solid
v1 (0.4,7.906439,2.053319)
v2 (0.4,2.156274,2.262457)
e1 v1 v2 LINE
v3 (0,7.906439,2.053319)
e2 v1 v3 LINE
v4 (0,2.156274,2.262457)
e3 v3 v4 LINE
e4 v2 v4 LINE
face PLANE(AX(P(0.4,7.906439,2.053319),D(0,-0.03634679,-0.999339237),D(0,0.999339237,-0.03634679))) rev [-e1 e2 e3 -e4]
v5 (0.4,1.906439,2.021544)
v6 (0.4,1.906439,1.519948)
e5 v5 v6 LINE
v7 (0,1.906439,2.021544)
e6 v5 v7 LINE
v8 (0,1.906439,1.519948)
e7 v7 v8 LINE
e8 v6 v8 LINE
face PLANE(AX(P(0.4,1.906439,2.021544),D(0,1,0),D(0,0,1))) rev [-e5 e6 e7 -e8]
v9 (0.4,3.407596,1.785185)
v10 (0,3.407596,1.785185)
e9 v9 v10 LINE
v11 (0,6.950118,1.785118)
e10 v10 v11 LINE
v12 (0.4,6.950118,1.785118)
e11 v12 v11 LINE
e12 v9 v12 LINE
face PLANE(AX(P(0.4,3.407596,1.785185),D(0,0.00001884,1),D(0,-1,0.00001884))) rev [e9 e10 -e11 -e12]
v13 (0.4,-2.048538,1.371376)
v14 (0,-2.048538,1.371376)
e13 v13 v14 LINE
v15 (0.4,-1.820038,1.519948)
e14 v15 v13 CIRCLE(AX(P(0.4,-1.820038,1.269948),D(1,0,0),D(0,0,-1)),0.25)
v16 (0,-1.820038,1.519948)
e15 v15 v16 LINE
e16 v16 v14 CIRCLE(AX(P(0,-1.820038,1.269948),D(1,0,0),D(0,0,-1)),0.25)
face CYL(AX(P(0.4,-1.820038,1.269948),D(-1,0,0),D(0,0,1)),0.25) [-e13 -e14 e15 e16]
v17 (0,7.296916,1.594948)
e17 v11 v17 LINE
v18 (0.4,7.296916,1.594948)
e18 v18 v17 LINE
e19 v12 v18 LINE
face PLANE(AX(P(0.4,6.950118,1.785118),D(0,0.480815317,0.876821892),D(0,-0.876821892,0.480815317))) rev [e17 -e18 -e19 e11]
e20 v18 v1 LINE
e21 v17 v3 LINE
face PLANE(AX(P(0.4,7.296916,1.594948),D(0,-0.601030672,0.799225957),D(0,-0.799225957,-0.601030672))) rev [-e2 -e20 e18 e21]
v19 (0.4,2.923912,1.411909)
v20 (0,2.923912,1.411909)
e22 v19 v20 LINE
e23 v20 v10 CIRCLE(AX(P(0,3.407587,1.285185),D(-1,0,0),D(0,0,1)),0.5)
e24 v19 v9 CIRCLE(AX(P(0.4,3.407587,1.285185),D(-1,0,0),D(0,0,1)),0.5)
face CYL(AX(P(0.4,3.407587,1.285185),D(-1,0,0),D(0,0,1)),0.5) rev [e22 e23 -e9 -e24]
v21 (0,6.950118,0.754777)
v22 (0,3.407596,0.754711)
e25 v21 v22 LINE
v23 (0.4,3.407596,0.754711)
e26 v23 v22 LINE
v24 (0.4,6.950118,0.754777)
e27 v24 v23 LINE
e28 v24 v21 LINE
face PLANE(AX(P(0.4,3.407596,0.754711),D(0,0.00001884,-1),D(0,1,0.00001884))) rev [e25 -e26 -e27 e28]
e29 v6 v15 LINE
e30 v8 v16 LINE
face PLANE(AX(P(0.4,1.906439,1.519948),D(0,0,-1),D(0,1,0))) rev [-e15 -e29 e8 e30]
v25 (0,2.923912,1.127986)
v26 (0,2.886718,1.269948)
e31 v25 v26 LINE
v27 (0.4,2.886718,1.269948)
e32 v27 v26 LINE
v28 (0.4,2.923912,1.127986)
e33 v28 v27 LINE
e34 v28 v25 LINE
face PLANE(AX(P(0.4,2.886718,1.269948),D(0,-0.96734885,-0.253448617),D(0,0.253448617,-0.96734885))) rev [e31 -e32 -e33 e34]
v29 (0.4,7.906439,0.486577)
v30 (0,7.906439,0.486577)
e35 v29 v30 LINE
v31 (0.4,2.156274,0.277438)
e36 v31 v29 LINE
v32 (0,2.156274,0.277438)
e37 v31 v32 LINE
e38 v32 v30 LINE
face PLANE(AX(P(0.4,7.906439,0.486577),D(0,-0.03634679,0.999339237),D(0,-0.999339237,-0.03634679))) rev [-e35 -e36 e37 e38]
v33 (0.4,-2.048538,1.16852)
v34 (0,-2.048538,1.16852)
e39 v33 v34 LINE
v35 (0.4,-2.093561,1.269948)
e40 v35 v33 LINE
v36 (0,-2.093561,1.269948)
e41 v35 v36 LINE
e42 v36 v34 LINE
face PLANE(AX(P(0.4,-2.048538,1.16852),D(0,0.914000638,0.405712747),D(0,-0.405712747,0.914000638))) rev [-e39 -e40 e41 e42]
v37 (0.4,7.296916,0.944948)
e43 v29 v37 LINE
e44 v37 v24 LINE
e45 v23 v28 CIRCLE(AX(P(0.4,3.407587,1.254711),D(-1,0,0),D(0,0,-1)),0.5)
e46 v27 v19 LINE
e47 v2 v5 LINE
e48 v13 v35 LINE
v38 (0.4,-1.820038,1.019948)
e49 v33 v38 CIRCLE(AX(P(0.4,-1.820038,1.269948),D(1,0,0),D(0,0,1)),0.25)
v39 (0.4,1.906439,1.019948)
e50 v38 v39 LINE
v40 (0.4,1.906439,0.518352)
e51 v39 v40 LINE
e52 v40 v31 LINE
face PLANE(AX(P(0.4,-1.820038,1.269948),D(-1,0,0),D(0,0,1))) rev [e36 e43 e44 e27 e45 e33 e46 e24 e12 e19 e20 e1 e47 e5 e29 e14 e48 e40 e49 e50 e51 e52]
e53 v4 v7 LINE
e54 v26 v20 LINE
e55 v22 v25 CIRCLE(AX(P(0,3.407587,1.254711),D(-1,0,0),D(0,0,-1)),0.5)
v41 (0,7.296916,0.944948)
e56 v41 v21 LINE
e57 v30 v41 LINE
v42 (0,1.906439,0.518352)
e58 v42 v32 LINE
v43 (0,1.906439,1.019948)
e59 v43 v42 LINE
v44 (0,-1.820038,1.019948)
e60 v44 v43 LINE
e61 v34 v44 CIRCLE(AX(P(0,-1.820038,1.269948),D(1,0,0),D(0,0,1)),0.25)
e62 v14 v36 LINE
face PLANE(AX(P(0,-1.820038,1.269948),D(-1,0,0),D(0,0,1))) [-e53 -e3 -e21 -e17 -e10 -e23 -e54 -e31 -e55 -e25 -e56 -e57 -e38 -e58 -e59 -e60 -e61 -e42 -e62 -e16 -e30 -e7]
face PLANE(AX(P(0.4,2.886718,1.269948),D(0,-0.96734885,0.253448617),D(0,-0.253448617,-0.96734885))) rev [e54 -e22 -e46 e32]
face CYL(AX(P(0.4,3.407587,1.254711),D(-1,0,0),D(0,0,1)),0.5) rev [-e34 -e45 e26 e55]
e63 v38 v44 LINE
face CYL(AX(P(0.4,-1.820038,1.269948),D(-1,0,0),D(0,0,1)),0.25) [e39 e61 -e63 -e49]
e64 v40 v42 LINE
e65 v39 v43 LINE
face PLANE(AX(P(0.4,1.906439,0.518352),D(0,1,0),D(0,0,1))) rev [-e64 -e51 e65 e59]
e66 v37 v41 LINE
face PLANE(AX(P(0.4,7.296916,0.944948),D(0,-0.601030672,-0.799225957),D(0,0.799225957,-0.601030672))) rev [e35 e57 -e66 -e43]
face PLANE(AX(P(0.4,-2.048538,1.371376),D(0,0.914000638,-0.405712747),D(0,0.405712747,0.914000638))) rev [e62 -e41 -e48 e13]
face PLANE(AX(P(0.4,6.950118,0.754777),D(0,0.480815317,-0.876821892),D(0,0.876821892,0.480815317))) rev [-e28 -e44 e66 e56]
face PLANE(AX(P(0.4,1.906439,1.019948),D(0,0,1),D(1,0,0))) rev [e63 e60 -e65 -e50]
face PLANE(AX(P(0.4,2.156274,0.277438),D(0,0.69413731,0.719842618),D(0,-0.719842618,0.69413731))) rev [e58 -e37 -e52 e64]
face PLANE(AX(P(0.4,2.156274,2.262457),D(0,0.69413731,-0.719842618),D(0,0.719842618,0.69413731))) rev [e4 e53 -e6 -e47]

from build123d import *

# Parameters (mm, degrees)
BOSS_EXTRUDE1_DEPTH = 0.4


with BuildPart() as part:
    # Sketch1 → Boss-Extrude1 (new body)
    with BuildSketch(Plane(origin=(0, 0, 0), x_dir=(0, 0, -1), z_dir=(1, 0, 0))):
        with BuildLine():
            Line((-0.486576567, 7.906439428), (-0.277438328, 2.156274237))
            Line((-0.277438328, 2.156274237), (-0.518351631, 1.906439428))
            Line((-0.518351631, 1.906439428), (-1.019947879, 1.906439428))
            Line((-1.019947879, 1.906439428), (-1.019947879, -1.820037787))
            ThreePointArc((-1.019947879, -1.820037787), (-1.060356555, -1.956314993), (-1.168519693, -2.048537947))
            Line((-1.168519693, -2.048537947), (-1.269947879, -2.093560572))
            Line((-1.269947879, -2.093560572), (-1.371376066, -2.048537947))
            ThreePointArc((-1.371376066, -2.048537947), (-1.479539204, -1.956314993), (-1.519947879, -1.820037787))
            Line((-1.519947879, -1.820037787), (-1.519947879, 1.906439428))
            Line((-1.519947879, 1.906439428), (-2.021544128, 1.906439428))
            Line((-2.021544128, 1.906439428), (-2.26245743, 2.156274237))
            Line((-2.26245743, 2.156274237), (-2.053319191, 7.906439428))
            Line((-2.053319191, 7.906439428), (-1.594947879, 7.296916042))
            Line((-1.594947879, 7.296916042), (-1.785118415, 6.950118253))
            Line((-1.785118415, 6.950118253), (-1.785185155, 3.40759606))
            ThreePointArc((-1.785185155, 3.40759606), (-1.681017639, 3.102108908), (-1.411909463, 2.923912215))
            Line((-1.411909463, 2.923912215), (-1.269947879, 2.886717808))
            Line((-1.269947879, 2.886717808), (-1.127986296, 2.923912215))
            ThreePointArc((-1.127986296, 2.923912215), (-0.85887812, 3.102108908), (-0.754710604, 3.40759606))
            Line((-0.754710604, 3.40759606), (-0.754777344, 6.950118253))
            Line((-0.754777344, 6.950118253), (-0.944947879, 7.296916042))
            Line((-0.944947879, 7.296916042), (-0.486576567, 7.906439428))
        make_face()
    extrude(amount=BOSS_EXTRUDE1_DEPTH)


solid = part.part
